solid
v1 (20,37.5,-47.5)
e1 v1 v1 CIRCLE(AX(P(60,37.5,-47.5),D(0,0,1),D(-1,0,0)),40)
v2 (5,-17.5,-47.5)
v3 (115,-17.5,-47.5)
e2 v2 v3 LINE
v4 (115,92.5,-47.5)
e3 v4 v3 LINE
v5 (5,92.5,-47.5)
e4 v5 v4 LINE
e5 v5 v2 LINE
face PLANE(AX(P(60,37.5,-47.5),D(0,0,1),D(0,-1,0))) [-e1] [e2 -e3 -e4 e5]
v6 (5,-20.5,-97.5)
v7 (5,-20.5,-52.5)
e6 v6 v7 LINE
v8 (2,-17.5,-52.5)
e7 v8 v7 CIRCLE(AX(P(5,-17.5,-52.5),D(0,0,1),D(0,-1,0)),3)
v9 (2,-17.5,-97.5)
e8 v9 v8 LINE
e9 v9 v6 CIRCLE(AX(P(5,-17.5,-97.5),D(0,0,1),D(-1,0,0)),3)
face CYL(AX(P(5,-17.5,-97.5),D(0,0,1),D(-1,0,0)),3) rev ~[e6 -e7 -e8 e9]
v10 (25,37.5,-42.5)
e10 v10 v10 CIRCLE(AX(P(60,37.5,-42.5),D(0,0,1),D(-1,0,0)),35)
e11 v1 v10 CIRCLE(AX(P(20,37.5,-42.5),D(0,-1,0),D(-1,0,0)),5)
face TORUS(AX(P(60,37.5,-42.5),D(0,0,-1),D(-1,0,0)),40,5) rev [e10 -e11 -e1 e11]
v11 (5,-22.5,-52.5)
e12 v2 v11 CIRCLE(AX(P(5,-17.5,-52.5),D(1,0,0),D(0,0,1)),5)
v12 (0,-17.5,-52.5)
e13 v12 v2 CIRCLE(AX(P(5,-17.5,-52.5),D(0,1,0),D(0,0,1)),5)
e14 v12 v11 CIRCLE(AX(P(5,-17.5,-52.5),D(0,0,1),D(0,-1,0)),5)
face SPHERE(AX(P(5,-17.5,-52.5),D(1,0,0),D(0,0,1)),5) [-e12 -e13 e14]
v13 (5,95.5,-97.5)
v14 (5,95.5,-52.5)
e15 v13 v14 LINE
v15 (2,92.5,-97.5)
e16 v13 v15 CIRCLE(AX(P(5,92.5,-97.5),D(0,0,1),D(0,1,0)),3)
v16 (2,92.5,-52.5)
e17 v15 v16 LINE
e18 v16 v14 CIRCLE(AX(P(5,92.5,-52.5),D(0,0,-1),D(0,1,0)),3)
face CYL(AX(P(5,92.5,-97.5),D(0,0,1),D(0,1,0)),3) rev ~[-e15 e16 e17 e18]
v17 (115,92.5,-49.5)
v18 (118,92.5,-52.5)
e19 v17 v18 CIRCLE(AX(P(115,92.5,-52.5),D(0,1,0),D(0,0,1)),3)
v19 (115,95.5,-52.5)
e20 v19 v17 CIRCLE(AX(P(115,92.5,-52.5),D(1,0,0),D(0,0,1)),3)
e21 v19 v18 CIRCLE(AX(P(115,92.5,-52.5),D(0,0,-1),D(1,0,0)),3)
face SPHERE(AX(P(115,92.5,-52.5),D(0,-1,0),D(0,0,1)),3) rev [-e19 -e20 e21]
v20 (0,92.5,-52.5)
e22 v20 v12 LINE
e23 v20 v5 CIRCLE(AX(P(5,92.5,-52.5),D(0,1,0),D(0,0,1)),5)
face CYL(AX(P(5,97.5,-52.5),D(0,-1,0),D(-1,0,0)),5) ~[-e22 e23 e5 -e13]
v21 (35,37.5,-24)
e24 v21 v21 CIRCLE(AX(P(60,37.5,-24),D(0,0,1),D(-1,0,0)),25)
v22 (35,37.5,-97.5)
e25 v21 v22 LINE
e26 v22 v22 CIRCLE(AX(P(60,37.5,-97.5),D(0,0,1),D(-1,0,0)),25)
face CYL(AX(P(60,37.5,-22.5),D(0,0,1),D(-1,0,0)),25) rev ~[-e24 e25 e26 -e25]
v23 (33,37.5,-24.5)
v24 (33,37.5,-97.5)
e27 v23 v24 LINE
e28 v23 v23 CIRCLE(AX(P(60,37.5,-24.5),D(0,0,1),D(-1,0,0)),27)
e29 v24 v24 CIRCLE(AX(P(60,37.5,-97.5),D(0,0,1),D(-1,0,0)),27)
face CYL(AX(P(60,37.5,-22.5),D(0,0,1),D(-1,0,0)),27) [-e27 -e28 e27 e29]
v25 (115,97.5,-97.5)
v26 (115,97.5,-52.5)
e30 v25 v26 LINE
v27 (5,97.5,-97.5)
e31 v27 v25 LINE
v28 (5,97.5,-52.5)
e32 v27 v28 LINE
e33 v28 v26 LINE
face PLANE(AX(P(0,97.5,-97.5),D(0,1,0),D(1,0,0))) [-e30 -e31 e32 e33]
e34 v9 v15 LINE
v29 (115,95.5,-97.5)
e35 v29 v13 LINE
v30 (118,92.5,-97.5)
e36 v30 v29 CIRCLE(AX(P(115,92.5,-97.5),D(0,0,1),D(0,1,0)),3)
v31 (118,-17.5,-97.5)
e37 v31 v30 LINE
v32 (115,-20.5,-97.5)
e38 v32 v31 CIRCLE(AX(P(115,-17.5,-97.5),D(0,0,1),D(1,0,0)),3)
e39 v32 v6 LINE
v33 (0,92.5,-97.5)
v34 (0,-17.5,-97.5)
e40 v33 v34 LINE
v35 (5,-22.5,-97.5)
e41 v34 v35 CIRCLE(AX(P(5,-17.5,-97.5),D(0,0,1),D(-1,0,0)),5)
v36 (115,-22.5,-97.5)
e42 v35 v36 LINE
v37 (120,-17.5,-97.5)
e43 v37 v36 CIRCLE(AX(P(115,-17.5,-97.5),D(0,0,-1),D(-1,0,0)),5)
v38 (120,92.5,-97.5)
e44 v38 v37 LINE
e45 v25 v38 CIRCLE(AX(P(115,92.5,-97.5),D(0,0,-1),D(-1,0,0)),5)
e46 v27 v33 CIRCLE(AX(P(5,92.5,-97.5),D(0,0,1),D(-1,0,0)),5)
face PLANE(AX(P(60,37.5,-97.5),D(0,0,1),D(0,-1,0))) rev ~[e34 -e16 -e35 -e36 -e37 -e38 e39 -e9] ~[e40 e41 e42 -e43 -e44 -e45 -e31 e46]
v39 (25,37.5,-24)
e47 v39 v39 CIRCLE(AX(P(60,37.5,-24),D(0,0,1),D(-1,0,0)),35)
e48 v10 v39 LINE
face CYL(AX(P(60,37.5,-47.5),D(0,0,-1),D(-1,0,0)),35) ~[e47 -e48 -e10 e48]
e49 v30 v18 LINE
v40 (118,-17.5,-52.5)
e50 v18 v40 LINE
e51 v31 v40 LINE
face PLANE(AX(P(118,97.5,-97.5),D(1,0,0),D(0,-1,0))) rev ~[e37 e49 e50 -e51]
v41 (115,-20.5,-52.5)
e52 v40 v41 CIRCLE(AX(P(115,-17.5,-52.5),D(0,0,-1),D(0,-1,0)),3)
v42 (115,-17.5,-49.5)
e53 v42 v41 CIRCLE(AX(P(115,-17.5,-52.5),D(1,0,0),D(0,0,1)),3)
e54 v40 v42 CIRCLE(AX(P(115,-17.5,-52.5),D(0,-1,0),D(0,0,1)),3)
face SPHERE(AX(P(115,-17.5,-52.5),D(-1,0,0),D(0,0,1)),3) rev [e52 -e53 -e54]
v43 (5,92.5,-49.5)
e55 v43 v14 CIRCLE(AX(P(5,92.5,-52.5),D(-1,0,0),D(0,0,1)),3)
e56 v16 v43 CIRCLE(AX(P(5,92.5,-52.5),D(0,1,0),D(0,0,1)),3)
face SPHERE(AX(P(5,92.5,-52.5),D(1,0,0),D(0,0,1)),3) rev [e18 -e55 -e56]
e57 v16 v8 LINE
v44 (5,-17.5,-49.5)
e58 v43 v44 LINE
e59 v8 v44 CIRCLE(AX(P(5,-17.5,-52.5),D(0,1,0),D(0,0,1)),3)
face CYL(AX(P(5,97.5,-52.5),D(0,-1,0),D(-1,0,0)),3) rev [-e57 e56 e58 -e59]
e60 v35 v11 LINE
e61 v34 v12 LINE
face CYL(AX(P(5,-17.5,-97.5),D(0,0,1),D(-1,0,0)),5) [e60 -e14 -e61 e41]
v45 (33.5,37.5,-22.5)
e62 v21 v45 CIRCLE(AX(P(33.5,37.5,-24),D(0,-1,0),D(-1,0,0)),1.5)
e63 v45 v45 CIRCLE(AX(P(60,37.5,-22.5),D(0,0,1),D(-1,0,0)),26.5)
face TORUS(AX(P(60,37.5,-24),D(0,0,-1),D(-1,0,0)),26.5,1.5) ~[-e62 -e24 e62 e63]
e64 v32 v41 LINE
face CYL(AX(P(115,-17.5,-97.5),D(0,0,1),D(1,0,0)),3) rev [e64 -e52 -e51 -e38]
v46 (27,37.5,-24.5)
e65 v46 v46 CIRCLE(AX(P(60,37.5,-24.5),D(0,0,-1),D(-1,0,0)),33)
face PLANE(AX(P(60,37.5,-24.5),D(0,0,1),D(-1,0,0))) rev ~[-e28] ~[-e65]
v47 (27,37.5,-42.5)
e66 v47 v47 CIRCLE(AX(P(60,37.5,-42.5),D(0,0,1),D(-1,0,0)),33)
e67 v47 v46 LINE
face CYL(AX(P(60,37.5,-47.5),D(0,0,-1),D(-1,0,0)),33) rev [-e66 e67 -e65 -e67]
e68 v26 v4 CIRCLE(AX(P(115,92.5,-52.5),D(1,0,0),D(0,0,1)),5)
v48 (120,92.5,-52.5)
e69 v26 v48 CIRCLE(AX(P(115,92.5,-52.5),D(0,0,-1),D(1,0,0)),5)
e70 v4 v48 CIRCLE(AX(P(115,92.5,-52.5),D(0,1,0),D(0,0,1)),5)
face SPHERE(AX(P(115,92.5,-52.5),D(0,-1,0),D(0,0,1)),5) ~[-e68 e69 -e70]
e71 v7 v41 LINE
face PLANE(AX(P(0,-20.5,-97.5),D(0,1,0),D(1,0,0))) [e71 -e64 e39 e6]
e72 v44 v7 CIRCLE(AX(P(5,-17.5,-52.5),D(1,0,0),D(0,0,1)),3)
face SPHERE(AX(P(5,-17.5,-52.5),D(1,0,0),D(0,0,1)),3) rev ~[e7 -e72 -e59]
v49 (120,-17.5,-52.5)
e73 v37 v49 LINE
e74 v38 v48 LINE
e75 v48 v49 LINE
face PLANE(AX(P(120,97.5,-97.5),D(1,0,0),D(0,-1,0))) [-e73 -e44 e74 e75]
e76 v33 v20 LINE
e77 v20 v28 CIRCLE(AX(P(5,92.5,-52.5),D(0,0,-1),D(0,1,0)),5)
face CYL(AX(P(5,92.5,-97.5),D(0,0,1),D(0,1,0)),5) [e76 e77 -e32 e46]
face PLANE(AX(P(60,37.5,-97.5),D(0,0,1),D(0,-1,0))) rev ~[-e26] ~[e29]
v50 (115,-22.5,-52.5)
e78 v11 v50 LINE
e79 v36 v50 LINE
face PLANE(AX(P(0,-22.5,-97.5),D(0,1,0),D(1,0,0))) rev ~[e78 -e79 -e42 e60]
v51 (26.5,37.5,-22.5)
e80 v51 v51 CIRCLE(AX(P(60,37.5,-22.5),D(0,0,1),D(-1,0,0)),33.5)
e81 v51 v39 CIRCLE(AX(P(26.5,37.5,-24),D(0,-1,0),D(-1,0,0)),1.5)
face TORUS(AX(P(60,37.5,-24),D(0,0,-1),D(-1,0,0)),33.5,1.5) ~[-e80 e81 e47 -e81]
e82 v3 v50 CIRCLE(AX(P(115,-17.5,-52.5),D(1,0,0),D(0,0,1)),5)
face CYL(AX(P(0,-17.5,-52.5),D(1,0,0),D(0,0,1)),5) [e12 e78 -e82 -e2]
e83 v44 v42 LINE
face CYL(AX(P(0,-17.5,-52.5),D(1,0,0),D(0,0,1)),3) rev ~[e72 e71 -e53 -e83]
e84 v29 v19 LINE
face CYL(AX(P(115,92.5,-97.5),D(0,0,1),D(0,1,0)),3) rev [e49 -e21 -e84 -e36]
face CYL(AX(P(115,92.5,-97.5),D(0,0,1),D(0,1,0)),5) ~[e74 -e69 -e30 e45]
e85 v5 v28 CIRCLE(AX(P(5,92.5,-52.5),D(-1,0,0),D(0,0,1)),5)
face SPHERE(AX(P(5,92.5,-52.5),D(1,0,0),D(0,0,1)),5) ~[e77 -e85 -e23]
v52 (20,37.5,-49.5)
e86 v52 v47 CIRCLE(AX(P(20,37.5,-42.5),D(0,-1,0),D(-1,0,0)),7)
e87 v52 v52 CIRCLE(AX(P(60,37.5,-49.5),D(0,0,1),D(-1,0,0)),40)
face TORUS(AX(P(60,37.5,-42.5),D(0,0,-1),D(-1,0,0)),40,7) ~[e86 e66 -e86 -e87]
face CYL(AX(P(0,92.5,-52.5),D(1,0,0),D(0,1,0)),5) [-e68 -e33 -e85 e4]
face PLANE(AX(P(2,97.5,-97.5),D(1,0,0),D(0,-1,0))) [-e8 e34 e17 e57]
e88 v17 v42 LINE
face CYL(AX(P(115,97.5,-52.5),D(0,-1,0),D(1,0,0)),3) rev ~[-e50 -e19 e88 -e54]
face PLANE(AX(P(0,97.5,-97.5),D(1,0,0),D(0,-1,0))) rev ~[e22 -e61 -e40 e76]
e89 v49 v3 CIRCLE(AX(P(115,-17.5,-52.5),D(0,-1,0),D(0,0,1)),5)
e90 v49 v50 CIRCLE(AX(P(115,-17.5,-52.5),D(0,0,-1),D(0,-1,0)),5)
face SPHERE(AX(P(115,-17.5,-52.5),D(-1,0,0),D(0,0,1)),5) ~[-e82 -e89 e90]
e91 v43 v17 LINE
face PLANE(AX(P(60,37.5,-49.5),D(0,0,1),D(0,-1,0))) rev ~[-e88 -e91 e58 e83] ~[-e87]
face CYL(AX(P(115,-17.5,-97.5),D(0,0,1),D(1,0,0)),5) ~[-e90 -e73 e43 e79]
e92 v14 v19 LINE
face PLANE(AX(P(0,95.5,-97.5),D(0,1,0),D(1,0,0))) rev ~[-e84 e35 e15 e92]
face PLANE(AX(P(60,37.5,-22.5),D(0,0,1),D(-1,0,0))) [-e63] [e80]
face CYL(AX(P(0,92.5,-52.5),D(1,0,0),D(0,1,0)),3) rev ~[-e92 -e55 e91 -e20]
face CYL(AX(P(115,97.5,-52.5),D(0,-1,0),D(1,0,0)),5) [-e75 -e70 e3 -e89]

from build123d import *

# Parameters (mm, degrees)
SKETCH1_W             = 120
SKETCH1_H             = 120
BOSS_EXTRUDE1_DEPTH   = 50
SKETCH2_R             = 35
BOSS_EXTRUDE2_DEPTH   = 25
SKETCH3_R             = 25
CUT_EXTRUDE1_DEPTH    = 186.539753153
FILLET2_R             = 5
FILLET3_R             = 1.5
SHELL1_T              = -2
BODY_MOVE_COPY1_ANGLE = 90
BODY_MOVE_COPY2_ANGLE = 90


with BuildPart() as part:
    # Sketch1 → Boss-Extrude1 (new body)
    with BuildSketch(Plane(origin=(0, 0, 0), x_dir=(1, 0, 0), z_dir=(0, 1, 0))):
        with Locations((60, 60)):
            Rectangle(SKETCH1_W, SKETCH1_H)
    extrude(amount=BOSS_EXTRUDE1_DEPTH)

    # Sketch2 → Boss-Extrude2 (add)
    with BuildSketch(Plane(origin=(0, 50, 0), x_dir=(1, 0, 0), z_dir=(0, 1, 0))):
        with Locations(Location((60, 60, 0), (0, 0, 270))):
            Circle(SKETCH2_R)
    extrude(amount=BOSS_EXTRUDE2_DEPTH)

    # Sketch3 → Cut-Extrude1 (cut, through all)
    with BuildSketch(Plane(origin=(0, 75, 0), x_dir=(1, 0, 0), z_dir=(0, 1, 0))):
        with Locations(Location((60, 60, 0), (0, 0, 270))):
            Circle(SKETCH3_R)
    extrude(amount=-CUT_EXTRUDE1_DEPTH, mode=Mode.SUBTRACT)

    # Fillet2
    fillet2_edges = [part.edges().sort_by_distance(p)[0] for p in [
        (120, 50, -60),
        (60, 50, -120),
        (60, 50, -95),
        (0, 50, -60),
        (60, 50, 0),
        (0, 25, -120),
        (120, 25, -120),
        (120, 25, 0),
        (0, 25, 0),
    ]]
    fillet(fillet2_edges, radius=FILLET2_R)

    # Fillet3
    fillet3_edges = [part.edges().sort_by_distance(p)[0] for p in [
        (60, 75, -95),
        (60, 75, -85),
    ]]
    fillet(fillet3_edges, radius=FILLET3_R)

    # Shell1
    shell1_openings = [part.faces().sort_by_distance(p)[0] for p in [
        (60, 0, -1.697056275),
    ]]
    offset(amount=SHELL1_T, openings=shell1_openings, kind=Kind.INTERSECTION)


with BuildPart() as part_1:
    # Body-Move/Copy1: moved
    add(part.part.rotate(Axis((60, 37.5, 0), (0, 0, -1)), BODY_MOVE_COPY1_ANGLE))


with BuildPart() as part_2:
    # Body-Move/Copy2: moved
    add(part_1.part.rotate(Axis((60, 0, -60), (0, -1, 0)), BODY_MOVE_COPY2_ANGLE))


solid = part_2.part
